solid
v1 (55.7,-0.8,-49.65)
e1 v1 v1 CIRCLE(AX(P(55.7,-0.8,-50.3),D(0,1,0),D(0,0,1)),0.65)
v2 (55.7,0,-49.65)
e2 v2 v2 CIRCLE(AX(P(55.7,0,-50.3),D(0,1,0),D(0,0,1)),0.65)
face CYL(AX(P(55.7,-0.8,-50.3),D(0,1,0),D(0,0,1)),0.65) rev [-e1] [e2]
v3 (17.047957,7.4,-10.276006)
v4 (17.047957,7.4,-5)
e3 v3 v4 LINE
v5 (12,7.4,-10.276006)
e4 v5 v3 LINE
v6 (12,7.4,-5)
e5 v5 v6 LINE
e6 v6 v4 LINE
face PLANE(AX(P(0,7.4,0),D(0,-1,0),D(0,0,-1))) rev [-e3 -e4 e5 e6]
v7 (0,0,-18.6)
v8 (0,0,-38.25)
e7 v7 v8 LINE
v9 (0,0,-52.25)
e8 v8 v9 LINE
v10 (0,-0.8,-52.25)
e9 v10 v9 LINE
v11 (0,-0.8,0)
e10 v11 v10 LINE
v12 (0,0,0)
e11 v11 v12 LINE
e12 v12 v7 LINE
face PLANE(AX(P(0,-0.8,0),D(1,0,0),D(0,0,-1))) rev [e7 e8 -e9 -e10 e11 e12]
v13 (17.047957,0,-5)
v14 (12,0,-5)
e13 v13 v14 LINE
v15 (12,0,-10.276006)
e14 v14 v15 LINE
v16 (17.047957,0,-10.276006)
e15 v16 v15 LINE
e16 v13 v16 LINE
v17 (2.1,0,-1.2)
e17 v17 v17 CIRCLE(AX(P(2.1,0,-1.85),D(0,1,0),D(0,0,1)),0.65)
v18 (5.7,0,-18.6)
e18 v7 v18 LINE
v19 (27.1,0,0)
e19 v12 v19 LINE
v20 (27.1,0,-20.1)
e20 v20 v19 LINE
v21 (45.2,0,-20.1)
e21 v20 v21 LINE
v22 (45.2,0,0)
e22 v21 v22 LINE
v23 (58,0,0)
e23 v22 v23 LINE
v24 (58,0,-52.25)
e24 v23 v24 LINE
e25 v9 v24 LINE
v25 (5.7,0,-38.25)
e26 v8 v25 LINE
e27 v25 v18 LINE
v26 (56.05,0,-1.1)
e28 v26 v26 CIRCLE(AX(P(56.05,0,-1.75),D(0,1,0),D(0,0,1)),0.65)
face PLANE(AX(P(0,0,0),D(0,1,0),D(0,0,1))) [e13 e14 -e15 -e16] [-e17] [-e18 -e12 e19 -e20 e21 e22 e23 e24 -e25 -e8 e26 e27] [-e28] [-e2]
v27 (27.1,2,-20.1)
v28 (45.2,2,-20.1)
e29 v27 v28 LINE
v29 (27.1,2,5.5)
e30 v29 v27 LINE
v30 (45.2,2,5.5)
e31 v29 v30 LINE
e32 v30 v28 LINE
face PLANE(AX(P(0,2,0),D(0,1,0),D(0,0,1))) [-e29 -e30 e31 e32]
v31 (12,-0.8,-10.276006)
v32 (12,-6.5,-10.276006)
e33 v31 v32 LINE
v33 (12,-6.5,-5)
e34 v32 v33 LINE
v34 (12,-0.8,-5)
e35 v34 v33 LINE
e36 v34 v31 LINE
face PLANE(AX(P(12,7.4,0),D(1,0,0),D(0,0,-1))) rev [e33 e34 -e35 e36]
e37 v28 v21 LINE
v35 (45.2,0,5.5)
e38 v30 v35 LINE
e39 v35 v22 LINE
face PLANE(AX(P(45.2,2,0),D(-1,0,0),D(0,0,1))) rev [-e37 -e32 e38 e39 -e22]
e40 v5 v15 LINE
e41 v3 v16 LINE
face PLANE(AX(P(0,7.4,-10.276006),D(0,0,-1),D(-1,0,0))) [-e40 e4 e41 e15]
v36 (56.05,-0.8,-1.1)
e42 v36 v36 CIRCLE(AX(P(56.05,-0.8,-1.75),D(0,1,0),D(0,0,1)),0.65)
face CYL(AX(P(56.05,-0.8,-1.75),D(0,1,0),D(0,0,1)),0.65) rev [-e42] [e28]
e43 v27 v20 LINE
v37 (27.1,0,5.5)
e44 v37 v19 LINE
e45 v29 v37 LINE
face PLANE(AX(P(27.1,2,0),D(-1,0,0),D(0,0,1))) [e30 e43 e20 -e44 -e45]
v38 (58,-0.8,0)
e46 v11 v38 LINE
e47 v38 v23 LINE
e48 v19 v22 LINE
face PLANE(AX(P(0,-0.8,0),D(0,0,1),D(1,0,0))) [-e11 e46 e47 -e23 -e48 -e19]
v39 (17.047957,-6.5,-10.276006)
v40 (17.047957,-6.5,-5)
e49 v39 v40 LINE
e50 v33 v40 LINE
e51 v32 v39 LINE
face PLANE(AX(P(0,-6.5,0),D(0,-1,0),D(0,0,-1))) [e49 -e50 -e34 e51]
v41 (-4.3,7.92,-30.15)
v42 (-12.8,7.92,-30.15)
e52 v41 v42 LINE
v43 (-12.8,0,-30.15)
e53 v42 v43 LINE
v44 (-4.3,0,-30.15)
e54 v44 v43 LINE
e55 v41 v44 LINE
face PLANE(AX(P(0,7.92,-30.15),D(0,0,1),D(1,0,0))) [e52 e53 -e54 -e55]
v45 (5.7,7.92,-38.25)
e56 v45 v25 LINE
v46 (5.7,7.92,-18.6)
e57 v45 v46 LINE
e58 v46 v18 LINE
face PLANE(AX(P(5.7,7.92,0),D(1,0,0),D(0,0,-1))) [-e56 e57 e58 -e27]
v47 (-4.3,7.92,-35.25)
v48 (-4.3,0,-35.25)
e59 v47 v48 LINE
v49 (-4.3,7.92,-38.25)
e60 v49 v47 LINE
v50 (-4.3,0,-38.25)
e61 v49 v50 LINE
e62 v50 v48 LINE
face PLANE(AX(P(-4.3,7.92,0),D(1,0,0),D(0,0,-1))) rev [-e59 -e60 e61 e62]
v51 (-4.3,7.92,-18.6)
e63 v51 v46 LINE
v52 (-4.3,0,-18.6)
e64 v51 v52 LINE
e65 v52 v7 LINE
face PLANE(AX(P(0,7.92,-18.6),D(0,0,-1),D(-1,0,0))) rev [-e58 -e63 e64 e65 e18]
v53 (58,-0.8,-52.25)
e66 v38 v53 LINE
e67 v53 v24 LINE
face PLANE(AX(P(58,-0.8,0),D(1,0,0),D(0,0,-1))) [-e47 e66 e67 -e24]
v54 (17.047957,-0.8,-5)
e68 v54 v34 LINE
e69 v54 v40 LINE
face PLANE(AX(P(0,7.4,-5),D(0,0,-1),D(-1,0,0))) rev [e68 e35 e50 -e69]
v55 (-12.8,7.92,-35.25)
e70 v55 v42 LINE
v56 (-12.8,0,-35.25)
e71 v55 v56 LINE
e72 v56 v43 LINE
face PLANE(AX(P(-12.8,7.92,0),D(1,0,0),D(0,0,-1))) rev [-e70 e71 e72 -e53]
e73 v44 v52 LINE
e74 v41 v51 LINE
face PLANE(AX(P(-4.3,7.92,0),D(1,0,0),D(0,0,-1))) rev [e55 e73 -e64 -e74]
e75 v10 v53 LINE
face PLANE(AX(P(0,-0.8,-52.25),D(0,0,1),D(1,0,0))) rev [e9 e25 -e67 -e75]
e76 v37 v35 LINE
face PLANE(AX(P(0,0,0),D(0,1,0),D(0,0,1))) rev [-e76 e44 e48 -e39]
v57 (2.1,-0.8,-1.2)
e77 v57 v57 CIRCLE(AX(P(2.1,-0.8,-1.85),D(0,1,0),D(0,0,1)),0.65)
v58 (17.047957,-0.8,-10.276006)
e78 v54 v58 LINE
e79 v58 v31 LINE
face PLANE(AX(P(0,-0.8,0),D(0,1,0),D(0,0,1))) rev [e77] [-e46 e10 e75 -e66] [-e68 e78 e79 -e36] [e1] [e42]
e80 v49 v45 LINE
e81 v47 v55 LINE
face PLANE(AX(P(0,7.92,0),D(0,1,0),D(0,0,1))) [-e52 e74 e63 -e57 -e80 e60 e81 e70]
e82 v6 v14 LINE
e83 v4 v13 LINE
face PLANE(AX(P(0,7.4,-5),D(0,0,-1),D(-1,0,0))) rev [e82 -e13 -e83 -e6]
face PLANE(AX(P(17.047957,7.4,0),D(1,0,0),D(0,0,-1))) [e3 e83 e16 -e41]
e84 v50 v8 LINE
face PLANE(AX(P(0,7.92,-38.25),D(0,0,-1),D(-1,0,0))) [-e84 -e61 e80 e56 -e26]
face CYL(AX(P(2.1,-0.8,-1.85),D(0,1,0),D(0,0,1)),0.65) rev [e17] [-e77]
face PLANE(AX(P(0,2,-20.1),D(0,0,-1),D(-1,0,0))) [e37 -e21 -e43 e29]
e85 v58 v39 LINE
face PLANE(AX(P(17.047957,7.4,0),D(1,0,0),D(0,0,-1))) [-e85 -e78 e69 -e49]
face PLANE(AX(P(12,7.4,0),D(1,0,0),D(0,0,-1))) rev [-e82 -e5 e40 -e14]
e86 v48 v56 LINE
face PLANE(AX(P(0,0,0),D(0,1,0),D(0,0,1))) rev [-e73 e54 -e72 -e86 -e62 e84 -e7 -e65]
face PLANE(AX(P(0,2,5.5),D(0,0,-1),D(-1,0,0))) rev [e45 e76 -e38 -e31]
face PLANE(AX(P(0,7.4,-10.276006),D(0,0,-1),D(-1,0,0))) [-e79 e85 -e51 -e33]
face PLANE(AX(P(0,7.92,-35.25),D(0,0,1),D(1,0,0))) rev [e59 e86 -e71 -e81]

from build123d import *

# Parameters (mm, degrees)
SKETCH1_W                = 58
SKETCH1_H                = 52.25
SKETCH1_R                = 0.65
BOSS_EXTRUDE1_DEPTH      = 0.8
SKETCH1_3_W              = 5.7
SKETCH1_3_H              = 19.65
SKETCH1_3_W_2            = 8.5
SKETCH1_3_H_2            = 5.1
BOSS_EXTRUDE2_DEPTH      = 7.92
SKETCH1_4_W              = 18.1
SKETCH1_4_H              = 20.1
SKETCH1_4_H_2            = 5.5
BOSS_EXTRUDE3_DEPTH      = 2
BOSS_EXTRUDE4_DEPTH      = 8.2
BOSS_EXTRUDE4_DEPTH_BACK = 5.7
BOSS_EXTRUDE4_START      = -0.8
SKETCH1_5_W              = 5.047957292
SKETCH1_5_H              = 5.27600609


with BuildPart() as part:
    # Sketch1 → Boss-Extrude1 (new body)
    with BuildSketch(Plane(origin=(0, 0, 0), x_dir=(1, 0, 0), z_dir=(0, 1, 0))):
        with Locations((29, 26.125)):
            Rectangle(SKETCH1_W, SKETCH1_H)
        with Locations(Location((2.1, 1.85, 0), (0, 0, 270))):
            Circle(SKETCH1_R, mode=Mode.SUBTRACT)
        with Locations(Location((56.05, 1.75, 0), (0, 0, 270))):
            Circle(SKETCH1_R, mode=Mode.SUBTRACT)
        with Locations(Location((55.7, 50.3, 0), (0, 0, 270))):
            Circle(SKETCH1_R, mode=Mode.SUBTRACT)
    extrude(amount=-BOSS_EXTRUDE1_DEPTH)

    # Sketch1<3> → Boss-Extrude2 (add)
    with BuildSketch(Plane(origin=(0, 0, 0), x_dir=(1, 0, 0), z_dir=(0, 1, 0))):
        with Locations((2.85, 28.425)):
            Rectangle(SKETCH1_3_W, SKETCH1_3_H)
        Polygon((-4.3, 18.6), (0, 18.6), (0, 38.25), (-4.3, 38.25), (-4.3, 35.25), (-4.3, 30.15), align=None)
        with Locations((-8.55, 32.7)):
            Rectangle(SKETCH1_3_W_2, SKETCH1_3_H_2)
    extrude(amount=BOSS_EXTRUDE2_DEPTH)

    # Sketch1<4> → Boss-Extrude3 (add)
    with BuildSketch(Plane(origin=(0, 0, 0), x_dir=(1, 0, 0), z_dir=(0, 1, 0))):
        with Locations((36.15, 10.05)):
            Rectangle(SKETCH1_4_W, SKETCH1_4_H)
        with Locations((36.15, -2.75)):
            Rectangle(SKETCH1_4_W, SKETCH1_4_H_2)
    extrude(amount=BOSS_EXTRUDE3_DEPTH)

    # Sketch1<5> → Boss-Extrude4 (add, two sides: drawn at the far end of the back side and taken through both)
    with BuildSketch(Plane(origin=(0, 0, 0), x_dir=(1, 0, 0), z_dir=(0, 1, 0)).offset(BOSS_EXTRUDE4_START - BOSS_EXTRUDE4_DEPTH_BACK)):
        with Locations((14.523978646, 7.638003045)):
            Rectangle(SKETCH1_5_W, SKETCH1_5_H)
    extrude(amount=BOSS_EXTRUDE4_DEPTH + BOSS_EXTRUDE4_DEPTH_BACK)


solid = part.part
